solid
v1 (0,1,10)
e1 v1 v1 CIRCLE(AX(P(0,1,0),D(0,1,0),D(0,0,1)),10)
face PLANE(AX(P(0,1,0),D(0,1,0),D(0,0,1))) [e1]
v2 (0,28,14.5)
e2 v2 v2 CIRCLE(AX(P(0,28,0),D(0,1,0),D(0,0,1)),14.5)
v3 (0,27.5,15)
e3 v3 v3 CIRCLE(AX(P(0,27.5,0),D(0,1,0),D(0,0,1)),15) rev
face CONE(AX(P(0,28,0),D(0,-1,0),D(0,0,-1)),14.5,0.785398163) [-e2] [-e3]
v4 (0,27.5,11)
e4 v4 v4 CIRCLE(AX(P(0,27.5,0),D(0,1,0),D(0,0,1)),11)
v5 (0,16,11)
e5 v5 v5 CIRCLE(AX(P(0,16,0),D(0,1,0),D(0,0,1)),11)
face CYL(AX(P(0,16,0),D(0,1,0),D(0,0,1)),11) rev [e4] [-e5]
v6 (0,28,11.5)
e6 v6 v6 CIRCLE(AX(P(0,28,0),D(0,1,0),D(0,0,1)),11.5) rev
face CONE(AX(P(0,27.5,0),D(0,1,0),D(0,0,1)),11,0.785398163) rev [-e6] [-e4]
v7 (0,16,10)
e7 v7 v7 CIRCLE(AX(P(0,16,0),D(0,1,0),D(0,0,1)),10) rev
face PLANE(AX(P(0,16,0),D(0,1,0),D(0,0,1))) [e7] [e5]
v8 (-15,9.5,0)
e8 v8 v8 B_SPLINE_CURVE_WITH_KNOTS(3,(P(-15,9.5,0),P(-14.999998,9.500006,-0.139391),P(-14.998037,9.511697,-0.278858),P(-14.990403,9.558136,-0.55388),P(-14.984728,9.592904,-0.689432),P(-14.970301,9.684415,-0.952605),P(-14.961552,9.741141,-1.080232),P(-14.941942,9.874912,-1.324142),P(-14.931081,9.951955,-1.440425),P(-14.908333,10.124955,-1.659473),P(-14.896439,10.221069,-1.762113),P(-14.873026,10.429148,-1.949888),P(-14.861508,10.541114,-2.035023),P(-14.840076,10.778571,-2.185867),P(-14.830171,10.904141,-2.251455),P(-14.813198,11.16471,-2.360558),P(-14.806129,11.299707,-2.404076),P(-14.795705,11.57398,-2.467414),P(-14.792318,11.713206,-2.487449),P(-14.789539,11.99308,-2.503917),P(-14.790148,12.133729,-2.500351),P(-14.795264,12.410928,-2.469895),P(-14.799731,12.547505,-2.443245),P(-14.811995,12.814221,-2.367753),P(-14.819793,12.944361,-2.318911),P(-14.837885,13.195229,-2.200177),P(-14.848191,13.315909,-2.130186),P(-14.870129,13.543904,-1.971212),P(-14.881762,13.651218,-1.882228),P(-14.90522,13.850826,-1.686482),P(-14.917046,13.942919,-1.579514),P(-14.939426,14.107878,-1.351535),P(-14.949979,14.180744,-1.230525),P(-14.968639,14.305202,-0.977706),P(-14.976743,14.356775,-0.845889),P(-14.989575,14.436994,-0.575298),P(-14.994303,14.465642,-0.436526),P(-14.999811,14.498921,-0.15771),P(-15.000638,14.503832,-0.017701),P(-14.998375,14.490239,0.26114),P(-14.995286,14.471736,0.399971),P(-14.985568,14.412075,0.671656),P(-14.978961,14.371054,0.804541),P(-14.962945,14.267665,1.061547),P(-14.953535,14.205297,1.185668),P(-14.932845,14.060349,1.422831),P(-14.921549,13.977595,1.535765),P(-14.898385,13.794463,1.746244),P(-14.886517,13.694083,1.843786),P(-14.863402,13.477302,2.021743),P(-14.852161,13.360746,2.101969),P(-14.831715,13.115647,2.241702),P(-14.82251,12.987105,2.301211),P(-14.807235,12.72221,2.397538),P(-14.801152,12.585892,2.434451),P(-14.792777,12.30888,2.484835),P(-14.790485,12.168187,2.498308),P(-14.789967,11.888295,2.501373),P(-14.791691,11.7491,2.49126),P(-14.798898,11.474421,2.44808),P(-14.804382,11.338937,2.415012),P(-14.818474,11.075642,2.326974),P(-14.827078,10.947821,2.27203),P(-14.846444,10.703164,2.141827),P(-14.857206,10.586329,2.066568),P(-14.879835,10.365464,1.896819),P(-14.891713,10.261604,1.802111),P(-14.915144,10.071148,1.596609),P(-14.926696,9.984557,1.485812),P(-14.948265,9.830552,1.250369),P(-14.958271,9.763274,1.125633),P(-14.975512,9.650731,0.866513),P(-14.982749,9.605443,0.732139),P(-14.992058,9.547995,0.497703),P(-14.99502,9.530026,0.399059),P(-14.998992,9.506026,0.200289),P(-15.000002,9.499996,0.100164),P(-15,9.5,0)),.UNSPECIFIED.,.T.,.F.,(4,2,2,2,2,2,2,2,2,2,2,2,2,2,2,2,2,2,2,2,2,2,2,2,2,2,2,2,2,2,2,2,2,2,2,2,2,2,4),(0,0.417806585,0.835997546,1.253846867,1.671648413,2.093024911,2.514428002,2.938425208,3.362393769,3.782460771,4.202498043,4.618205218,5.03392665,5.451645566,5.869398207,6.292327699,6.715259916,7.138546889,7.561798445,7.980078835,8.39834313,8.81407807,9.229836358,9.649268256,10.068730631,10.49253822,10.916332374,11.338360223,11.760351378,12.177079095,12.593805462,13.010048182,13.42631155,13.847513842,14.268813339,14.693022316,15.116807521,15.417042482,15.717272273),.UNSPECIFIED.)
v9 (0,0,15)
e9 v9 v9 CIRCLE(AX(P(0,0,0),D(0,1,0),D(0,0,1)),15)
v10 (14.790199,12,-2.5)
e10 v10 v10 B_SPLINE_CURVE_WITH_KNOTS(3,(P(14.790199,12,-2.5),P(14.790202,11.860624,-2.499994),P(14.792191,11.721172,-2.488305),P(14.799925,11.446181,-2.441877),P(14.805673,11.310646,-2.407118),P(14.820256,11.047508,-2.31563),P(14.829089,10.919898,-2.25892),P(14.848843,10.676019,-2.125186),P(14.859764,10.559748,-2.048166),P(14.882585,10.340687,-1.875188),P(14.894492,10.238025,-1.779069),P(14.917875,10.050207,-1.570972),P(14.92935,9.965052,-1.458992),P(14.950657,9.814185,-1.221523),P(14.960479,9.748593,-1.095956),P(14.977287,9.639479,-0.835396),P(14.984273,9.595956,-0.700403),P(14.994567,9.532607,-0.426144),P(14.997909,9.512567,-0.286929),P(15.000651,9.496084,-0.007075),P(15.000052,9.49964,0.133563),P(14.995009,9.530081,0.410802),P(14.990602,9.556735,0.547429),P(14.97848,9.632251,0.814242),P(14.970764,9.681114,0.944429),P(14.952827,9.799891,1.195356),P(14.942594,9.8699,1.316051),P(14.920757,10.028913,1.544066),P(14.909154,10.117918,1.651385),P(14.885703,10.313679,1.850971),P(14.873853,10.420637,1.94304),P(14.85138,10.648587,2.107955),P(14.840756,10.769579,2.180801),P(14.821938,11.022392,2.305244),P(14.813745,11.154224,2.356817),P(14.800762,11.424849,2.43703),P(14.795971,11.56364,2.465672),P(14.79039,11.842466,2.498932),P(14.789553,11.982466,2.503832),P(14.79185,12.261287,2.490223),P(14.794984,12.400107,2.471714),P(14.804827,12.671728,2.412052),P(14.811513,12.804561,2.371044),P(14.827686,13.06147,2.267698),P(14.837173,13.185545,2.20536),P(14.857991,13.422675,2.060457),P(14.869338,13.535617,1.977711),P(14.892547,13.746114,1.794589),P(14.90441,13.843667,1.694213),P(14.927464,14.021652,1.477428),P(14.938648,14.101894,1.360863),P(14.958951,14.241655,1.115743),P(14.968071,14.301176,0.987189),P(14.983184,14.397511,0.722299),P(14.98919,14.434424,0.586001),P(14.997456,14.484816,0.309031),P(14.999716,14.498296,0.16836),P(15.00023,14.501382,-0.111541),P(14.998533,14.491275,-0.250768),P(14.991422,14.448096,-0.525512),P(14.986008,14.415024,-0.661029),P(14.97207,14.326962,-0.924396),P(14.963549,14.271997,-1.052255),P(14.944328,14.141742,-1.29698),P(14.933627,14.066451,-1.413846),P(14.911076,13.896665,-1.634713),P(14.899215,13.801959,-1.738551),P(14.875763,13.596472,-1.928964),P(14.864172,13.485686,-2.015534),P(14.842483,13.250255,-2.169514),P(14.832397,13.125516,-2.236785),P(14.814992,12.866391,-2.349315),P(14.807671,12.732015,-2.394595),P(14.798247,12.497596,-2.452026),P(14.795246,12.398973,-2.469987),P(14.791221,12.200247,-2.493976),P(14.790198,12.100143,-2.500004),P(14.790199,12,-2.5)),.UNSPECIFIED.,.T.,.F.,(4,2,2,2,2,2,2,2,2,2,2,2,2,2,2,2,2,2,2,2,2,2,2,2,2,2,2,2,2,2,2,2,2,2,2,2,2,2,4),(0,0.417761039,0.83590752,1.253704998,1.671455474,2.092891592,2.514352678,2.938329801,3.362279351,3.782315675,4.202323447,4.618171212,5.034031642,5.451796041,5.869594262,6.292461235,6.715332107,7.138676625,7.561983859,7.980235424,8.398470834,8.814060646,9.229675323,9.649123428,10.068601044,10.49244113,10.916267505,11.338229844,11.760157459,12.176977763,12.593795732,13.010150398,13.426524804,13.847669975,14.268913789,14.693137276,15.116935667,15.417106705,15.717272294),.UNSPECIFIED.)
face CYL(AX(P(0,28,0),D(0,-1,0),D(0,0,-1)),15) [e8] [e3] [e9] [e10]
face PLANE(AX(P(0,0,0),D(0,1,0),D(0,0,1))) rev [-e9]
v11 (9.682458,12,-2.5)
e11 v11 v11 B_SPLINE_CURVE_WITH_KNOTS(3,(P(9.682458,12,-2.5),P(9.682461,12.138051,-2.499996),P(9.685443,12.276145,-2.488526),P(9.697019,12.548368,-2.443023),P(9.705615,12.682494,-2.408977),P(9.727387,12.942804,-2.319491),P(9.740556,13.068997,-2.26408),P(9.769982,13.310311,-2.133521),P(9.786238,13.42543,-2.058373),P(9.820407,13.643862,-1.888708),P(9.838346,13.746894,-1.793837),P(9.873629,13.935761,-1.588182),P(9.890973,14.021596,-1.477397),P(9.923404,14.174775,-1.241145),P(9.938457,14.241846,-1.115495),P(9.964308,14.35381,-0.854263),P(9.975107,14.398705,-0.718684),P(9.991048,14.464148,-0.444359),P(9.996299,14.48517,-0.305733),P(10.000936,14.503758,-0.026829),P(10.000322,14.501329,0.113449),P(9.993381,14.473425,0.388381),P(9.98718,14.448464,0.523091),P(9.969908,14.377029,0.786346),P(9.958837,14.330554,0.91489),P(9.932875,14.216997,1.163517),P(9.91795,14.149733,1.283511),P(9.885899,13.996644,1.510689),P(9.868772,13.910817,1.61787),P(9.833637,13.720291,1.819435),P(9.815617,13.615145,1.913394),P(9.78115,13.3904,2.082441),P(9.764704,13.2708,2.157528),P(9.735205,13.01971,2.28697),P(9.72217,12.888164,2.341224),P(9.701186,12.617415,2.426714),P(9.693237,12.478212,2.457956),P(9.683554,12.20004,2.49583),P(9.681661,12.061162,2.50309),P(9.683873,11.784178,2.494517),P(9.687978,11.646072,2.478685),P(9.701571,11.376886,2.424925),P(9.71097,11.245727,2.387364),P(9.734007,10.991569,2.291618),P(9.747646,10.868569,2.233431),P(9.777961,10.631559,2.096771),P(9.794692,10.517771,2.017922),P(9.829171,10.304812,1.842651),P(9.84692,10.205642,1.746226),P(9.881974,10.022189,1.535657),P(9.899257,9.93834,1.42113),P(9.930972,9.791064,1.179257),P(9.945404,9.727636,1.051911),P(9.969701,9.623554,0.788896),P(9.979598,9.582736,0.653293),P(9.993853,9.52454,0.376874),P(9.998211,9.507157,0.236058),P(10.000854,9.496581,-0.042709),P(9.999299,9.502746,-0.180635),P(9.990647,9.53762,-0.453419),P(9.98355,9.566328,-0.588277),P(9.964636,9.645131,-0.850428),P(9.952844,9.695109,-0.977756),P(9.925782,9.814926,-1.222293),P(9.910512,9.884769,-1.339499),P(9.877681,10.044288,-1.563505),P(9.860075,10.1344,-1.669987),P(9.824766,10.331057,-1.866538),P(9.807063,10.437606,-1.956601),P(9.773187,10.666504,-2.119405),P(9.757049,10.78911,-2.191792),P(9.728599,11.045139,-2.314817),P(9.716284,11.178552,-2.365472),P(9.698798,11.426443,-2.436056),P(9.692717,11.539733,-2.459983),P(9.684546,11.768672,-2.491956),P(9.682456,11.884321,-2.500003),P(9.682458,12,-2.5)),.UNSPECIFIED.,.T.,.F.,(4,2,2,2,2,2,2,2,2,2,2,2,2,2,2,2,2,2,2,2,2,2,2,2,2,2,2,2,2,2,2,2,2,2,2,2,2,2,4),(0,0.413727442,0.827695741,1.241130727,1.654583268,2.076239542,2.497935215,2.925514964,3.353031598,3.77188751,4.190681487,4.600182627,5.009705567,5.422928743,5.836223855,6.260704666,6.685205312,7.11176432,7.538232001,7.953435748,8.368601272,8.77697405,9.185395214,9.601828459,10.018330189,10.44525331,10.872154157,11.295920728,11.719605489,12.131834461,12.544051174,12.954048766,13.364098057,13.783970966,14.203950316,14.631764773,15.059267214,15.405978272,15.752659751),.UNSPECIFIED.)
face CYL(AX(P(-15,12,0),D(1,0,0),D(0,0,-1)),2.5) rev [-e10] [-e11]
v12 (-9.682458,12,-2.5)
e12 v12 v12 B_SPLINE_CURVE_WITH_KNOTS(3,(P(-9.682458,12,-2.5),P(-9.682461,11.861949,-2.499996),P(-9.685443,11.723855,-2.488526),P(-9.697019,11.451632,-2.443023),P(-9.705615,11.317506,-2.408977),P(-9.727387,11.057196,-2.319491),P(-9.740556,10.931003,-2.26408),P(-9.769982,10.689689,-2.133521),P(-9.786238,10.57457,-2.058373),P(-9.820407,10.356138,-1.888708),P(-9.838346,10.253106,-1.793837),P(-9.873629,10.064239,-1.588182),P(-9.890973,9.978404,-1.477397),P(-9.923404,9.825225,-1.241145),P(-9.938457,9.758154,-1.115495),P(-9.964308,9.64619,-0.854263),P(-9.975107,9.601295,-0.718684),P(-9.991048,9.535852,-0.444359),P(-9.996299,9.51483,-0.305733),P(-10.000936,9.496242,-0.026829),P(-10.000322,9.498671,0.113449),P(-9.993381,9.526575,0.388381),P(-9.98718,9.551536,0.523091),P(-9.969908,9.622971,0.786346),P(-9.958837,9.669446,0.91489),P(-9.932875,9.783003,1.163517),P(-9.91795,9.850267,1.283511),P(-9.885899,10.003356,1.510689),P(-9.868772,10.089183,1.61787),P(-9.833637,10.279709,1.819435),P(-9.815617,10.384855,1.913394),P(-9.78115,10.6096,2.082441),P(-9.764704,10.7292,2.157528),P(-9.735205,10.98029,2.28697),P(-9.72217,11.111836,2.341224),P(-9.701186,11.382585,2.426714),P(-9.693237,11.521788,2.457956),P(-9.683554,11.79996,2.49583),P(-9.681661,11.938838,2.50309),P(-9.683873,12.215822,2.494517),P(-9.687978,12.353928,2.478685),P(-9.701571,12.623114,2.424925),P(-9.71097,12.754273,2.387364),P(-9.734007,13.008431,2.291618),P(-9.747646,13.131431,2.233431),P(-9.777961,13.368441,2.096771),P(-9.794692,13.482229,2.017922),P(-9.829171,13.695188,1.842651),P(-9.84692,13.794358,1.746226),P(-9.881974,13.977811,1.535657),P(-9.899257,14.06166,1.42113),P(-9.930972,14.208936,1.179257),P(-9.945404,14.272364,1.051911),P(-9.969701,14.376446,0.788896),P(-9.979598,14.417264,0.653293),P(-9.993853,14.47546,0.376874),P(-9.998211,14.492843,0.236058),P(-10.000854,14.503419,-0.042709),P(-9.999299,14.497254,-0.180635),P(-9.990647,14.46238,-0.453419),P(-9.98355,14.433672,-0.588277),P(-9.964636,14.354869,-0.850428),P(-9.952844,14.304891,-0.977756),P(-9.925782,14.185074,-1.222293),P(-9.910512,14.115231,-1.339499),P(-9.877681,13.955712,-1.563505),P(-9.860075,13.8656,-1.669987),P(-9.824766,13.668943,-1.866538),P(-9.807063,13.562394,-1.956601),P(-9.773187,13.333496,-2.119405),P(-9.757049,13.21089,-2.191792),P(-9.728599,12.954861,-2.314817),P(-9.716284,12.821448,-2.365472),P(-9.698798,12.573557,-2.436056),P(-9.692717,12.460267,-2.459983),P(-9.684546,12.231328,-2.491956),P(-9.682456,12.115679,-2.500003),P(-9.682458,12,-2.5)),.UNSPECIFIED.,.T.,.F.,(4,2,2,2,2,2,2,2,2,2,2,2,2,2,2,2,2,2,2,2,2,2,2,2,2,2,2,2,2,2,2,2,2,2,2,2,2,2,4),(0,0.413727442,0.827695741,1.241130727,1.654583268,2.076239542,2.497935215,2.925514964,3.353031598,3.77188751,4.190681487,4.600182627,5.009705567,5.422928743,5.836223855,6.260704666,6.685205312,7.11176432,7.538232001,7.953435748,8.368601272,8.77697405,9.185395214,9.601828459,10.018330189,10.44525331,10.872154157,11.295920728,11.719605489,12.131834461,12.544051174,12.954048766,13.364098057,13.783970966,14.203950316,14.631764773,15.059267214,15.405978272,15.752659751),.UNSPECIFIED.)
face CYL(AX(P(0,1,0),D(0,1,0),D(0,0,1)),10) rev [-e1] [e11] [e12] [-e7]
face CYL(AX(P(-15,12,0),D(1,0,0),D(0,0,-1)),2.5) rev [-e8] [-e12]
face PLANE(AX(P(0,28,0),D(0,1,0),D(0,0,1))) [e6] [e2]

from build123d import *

# Parameters (mm, degrees)
SKETCH1_R               = 15
BOSS_EXTRUDE1_DEPTH     = 28
SKETCH2_R               = 10
CUT_EXTRUDE1_DEPTH      = 27
SKETCH3_R               = 11
CUT_EXTRUDE2_DEPTH      = 12
CUT_EXTRUDE3_DEPTH      = 36.128336141
CUT_EXTRUDE3_DEPTH_BACK = 36.128336141
SKETCH4_R               = 2.5
CHAMFER1_SIZE           = 0.5


with BuildPart() as part:
    # Sketch1 → Boss-Extrude1 (new body)
    with BuildSketch(Plane(origin=(0, 0, 0), x_dir=(1, 0, 0), z_dir=(0, 1, 0))):
        with Locations(Location((0, 0, 0), (0, 0, 270))):
            Circle(SKETCH1_R)
    extrude(amount=BOSS_EXTRUDE1_DEPTH)

    # Sketch2 → Cut-Extrude1 (cut)
    with BuildSketch(Plane(origin=(0, 28, 0), x_dir=(1, 0, 0), z_dir=(0, 1, 0))):
        with Locations(Location((0, 0, 0), (0, 0, 270))):
            Circle(SKETCH2_R)
    extrude(amount=-CUT_EXTRUDE1_DEPTH, mode=Mode.SUBTRACT)

    # Sketch3 → Cut-Extrude2 (cut)
    with BuildSketch(Plane(origin=(0, 28, 0), x_dir=(1, 0, 0), z_dir=(0, 1, 0))):
        with Locations(Location((0, 0, 0), (0, 0, 270))):
            Circle(SKETCH3_R)
    extrude(amount=-CUT_EXTRUDE2_DEPTH, mode=Mode.SUBTRACT)

    # Sketch4 → Cut-Extrude3 (cut, two sides: drawn at the far end of the back side and taken through both)
    with BuildSketch(Plane(origin=(0, 0, 0), x_dir=(0, 0, -1), z_dir=(1, 0, 0)).offset(-CUT_EXTRUDE3_DEPTH_BACK)):
        with Locations((0, 12)):
            Circle(SKETCH4_R)
    extrude(amount=CUT_EXTRUDE3_DEPTH + CUT_EXTRUDE3_DEPTH_BACK, mode=Mode.SUBTRACT)

    # Chamfer1
    chamfer1_edges = [part.edges().sort_by_distance(p)[0] for p in [
        (0, 28, -11),
        (0, 28, -15),
    ]]
    chamfer(chamfer1_edges, length=CHAMFER1_SIZE)


solid = part.part
